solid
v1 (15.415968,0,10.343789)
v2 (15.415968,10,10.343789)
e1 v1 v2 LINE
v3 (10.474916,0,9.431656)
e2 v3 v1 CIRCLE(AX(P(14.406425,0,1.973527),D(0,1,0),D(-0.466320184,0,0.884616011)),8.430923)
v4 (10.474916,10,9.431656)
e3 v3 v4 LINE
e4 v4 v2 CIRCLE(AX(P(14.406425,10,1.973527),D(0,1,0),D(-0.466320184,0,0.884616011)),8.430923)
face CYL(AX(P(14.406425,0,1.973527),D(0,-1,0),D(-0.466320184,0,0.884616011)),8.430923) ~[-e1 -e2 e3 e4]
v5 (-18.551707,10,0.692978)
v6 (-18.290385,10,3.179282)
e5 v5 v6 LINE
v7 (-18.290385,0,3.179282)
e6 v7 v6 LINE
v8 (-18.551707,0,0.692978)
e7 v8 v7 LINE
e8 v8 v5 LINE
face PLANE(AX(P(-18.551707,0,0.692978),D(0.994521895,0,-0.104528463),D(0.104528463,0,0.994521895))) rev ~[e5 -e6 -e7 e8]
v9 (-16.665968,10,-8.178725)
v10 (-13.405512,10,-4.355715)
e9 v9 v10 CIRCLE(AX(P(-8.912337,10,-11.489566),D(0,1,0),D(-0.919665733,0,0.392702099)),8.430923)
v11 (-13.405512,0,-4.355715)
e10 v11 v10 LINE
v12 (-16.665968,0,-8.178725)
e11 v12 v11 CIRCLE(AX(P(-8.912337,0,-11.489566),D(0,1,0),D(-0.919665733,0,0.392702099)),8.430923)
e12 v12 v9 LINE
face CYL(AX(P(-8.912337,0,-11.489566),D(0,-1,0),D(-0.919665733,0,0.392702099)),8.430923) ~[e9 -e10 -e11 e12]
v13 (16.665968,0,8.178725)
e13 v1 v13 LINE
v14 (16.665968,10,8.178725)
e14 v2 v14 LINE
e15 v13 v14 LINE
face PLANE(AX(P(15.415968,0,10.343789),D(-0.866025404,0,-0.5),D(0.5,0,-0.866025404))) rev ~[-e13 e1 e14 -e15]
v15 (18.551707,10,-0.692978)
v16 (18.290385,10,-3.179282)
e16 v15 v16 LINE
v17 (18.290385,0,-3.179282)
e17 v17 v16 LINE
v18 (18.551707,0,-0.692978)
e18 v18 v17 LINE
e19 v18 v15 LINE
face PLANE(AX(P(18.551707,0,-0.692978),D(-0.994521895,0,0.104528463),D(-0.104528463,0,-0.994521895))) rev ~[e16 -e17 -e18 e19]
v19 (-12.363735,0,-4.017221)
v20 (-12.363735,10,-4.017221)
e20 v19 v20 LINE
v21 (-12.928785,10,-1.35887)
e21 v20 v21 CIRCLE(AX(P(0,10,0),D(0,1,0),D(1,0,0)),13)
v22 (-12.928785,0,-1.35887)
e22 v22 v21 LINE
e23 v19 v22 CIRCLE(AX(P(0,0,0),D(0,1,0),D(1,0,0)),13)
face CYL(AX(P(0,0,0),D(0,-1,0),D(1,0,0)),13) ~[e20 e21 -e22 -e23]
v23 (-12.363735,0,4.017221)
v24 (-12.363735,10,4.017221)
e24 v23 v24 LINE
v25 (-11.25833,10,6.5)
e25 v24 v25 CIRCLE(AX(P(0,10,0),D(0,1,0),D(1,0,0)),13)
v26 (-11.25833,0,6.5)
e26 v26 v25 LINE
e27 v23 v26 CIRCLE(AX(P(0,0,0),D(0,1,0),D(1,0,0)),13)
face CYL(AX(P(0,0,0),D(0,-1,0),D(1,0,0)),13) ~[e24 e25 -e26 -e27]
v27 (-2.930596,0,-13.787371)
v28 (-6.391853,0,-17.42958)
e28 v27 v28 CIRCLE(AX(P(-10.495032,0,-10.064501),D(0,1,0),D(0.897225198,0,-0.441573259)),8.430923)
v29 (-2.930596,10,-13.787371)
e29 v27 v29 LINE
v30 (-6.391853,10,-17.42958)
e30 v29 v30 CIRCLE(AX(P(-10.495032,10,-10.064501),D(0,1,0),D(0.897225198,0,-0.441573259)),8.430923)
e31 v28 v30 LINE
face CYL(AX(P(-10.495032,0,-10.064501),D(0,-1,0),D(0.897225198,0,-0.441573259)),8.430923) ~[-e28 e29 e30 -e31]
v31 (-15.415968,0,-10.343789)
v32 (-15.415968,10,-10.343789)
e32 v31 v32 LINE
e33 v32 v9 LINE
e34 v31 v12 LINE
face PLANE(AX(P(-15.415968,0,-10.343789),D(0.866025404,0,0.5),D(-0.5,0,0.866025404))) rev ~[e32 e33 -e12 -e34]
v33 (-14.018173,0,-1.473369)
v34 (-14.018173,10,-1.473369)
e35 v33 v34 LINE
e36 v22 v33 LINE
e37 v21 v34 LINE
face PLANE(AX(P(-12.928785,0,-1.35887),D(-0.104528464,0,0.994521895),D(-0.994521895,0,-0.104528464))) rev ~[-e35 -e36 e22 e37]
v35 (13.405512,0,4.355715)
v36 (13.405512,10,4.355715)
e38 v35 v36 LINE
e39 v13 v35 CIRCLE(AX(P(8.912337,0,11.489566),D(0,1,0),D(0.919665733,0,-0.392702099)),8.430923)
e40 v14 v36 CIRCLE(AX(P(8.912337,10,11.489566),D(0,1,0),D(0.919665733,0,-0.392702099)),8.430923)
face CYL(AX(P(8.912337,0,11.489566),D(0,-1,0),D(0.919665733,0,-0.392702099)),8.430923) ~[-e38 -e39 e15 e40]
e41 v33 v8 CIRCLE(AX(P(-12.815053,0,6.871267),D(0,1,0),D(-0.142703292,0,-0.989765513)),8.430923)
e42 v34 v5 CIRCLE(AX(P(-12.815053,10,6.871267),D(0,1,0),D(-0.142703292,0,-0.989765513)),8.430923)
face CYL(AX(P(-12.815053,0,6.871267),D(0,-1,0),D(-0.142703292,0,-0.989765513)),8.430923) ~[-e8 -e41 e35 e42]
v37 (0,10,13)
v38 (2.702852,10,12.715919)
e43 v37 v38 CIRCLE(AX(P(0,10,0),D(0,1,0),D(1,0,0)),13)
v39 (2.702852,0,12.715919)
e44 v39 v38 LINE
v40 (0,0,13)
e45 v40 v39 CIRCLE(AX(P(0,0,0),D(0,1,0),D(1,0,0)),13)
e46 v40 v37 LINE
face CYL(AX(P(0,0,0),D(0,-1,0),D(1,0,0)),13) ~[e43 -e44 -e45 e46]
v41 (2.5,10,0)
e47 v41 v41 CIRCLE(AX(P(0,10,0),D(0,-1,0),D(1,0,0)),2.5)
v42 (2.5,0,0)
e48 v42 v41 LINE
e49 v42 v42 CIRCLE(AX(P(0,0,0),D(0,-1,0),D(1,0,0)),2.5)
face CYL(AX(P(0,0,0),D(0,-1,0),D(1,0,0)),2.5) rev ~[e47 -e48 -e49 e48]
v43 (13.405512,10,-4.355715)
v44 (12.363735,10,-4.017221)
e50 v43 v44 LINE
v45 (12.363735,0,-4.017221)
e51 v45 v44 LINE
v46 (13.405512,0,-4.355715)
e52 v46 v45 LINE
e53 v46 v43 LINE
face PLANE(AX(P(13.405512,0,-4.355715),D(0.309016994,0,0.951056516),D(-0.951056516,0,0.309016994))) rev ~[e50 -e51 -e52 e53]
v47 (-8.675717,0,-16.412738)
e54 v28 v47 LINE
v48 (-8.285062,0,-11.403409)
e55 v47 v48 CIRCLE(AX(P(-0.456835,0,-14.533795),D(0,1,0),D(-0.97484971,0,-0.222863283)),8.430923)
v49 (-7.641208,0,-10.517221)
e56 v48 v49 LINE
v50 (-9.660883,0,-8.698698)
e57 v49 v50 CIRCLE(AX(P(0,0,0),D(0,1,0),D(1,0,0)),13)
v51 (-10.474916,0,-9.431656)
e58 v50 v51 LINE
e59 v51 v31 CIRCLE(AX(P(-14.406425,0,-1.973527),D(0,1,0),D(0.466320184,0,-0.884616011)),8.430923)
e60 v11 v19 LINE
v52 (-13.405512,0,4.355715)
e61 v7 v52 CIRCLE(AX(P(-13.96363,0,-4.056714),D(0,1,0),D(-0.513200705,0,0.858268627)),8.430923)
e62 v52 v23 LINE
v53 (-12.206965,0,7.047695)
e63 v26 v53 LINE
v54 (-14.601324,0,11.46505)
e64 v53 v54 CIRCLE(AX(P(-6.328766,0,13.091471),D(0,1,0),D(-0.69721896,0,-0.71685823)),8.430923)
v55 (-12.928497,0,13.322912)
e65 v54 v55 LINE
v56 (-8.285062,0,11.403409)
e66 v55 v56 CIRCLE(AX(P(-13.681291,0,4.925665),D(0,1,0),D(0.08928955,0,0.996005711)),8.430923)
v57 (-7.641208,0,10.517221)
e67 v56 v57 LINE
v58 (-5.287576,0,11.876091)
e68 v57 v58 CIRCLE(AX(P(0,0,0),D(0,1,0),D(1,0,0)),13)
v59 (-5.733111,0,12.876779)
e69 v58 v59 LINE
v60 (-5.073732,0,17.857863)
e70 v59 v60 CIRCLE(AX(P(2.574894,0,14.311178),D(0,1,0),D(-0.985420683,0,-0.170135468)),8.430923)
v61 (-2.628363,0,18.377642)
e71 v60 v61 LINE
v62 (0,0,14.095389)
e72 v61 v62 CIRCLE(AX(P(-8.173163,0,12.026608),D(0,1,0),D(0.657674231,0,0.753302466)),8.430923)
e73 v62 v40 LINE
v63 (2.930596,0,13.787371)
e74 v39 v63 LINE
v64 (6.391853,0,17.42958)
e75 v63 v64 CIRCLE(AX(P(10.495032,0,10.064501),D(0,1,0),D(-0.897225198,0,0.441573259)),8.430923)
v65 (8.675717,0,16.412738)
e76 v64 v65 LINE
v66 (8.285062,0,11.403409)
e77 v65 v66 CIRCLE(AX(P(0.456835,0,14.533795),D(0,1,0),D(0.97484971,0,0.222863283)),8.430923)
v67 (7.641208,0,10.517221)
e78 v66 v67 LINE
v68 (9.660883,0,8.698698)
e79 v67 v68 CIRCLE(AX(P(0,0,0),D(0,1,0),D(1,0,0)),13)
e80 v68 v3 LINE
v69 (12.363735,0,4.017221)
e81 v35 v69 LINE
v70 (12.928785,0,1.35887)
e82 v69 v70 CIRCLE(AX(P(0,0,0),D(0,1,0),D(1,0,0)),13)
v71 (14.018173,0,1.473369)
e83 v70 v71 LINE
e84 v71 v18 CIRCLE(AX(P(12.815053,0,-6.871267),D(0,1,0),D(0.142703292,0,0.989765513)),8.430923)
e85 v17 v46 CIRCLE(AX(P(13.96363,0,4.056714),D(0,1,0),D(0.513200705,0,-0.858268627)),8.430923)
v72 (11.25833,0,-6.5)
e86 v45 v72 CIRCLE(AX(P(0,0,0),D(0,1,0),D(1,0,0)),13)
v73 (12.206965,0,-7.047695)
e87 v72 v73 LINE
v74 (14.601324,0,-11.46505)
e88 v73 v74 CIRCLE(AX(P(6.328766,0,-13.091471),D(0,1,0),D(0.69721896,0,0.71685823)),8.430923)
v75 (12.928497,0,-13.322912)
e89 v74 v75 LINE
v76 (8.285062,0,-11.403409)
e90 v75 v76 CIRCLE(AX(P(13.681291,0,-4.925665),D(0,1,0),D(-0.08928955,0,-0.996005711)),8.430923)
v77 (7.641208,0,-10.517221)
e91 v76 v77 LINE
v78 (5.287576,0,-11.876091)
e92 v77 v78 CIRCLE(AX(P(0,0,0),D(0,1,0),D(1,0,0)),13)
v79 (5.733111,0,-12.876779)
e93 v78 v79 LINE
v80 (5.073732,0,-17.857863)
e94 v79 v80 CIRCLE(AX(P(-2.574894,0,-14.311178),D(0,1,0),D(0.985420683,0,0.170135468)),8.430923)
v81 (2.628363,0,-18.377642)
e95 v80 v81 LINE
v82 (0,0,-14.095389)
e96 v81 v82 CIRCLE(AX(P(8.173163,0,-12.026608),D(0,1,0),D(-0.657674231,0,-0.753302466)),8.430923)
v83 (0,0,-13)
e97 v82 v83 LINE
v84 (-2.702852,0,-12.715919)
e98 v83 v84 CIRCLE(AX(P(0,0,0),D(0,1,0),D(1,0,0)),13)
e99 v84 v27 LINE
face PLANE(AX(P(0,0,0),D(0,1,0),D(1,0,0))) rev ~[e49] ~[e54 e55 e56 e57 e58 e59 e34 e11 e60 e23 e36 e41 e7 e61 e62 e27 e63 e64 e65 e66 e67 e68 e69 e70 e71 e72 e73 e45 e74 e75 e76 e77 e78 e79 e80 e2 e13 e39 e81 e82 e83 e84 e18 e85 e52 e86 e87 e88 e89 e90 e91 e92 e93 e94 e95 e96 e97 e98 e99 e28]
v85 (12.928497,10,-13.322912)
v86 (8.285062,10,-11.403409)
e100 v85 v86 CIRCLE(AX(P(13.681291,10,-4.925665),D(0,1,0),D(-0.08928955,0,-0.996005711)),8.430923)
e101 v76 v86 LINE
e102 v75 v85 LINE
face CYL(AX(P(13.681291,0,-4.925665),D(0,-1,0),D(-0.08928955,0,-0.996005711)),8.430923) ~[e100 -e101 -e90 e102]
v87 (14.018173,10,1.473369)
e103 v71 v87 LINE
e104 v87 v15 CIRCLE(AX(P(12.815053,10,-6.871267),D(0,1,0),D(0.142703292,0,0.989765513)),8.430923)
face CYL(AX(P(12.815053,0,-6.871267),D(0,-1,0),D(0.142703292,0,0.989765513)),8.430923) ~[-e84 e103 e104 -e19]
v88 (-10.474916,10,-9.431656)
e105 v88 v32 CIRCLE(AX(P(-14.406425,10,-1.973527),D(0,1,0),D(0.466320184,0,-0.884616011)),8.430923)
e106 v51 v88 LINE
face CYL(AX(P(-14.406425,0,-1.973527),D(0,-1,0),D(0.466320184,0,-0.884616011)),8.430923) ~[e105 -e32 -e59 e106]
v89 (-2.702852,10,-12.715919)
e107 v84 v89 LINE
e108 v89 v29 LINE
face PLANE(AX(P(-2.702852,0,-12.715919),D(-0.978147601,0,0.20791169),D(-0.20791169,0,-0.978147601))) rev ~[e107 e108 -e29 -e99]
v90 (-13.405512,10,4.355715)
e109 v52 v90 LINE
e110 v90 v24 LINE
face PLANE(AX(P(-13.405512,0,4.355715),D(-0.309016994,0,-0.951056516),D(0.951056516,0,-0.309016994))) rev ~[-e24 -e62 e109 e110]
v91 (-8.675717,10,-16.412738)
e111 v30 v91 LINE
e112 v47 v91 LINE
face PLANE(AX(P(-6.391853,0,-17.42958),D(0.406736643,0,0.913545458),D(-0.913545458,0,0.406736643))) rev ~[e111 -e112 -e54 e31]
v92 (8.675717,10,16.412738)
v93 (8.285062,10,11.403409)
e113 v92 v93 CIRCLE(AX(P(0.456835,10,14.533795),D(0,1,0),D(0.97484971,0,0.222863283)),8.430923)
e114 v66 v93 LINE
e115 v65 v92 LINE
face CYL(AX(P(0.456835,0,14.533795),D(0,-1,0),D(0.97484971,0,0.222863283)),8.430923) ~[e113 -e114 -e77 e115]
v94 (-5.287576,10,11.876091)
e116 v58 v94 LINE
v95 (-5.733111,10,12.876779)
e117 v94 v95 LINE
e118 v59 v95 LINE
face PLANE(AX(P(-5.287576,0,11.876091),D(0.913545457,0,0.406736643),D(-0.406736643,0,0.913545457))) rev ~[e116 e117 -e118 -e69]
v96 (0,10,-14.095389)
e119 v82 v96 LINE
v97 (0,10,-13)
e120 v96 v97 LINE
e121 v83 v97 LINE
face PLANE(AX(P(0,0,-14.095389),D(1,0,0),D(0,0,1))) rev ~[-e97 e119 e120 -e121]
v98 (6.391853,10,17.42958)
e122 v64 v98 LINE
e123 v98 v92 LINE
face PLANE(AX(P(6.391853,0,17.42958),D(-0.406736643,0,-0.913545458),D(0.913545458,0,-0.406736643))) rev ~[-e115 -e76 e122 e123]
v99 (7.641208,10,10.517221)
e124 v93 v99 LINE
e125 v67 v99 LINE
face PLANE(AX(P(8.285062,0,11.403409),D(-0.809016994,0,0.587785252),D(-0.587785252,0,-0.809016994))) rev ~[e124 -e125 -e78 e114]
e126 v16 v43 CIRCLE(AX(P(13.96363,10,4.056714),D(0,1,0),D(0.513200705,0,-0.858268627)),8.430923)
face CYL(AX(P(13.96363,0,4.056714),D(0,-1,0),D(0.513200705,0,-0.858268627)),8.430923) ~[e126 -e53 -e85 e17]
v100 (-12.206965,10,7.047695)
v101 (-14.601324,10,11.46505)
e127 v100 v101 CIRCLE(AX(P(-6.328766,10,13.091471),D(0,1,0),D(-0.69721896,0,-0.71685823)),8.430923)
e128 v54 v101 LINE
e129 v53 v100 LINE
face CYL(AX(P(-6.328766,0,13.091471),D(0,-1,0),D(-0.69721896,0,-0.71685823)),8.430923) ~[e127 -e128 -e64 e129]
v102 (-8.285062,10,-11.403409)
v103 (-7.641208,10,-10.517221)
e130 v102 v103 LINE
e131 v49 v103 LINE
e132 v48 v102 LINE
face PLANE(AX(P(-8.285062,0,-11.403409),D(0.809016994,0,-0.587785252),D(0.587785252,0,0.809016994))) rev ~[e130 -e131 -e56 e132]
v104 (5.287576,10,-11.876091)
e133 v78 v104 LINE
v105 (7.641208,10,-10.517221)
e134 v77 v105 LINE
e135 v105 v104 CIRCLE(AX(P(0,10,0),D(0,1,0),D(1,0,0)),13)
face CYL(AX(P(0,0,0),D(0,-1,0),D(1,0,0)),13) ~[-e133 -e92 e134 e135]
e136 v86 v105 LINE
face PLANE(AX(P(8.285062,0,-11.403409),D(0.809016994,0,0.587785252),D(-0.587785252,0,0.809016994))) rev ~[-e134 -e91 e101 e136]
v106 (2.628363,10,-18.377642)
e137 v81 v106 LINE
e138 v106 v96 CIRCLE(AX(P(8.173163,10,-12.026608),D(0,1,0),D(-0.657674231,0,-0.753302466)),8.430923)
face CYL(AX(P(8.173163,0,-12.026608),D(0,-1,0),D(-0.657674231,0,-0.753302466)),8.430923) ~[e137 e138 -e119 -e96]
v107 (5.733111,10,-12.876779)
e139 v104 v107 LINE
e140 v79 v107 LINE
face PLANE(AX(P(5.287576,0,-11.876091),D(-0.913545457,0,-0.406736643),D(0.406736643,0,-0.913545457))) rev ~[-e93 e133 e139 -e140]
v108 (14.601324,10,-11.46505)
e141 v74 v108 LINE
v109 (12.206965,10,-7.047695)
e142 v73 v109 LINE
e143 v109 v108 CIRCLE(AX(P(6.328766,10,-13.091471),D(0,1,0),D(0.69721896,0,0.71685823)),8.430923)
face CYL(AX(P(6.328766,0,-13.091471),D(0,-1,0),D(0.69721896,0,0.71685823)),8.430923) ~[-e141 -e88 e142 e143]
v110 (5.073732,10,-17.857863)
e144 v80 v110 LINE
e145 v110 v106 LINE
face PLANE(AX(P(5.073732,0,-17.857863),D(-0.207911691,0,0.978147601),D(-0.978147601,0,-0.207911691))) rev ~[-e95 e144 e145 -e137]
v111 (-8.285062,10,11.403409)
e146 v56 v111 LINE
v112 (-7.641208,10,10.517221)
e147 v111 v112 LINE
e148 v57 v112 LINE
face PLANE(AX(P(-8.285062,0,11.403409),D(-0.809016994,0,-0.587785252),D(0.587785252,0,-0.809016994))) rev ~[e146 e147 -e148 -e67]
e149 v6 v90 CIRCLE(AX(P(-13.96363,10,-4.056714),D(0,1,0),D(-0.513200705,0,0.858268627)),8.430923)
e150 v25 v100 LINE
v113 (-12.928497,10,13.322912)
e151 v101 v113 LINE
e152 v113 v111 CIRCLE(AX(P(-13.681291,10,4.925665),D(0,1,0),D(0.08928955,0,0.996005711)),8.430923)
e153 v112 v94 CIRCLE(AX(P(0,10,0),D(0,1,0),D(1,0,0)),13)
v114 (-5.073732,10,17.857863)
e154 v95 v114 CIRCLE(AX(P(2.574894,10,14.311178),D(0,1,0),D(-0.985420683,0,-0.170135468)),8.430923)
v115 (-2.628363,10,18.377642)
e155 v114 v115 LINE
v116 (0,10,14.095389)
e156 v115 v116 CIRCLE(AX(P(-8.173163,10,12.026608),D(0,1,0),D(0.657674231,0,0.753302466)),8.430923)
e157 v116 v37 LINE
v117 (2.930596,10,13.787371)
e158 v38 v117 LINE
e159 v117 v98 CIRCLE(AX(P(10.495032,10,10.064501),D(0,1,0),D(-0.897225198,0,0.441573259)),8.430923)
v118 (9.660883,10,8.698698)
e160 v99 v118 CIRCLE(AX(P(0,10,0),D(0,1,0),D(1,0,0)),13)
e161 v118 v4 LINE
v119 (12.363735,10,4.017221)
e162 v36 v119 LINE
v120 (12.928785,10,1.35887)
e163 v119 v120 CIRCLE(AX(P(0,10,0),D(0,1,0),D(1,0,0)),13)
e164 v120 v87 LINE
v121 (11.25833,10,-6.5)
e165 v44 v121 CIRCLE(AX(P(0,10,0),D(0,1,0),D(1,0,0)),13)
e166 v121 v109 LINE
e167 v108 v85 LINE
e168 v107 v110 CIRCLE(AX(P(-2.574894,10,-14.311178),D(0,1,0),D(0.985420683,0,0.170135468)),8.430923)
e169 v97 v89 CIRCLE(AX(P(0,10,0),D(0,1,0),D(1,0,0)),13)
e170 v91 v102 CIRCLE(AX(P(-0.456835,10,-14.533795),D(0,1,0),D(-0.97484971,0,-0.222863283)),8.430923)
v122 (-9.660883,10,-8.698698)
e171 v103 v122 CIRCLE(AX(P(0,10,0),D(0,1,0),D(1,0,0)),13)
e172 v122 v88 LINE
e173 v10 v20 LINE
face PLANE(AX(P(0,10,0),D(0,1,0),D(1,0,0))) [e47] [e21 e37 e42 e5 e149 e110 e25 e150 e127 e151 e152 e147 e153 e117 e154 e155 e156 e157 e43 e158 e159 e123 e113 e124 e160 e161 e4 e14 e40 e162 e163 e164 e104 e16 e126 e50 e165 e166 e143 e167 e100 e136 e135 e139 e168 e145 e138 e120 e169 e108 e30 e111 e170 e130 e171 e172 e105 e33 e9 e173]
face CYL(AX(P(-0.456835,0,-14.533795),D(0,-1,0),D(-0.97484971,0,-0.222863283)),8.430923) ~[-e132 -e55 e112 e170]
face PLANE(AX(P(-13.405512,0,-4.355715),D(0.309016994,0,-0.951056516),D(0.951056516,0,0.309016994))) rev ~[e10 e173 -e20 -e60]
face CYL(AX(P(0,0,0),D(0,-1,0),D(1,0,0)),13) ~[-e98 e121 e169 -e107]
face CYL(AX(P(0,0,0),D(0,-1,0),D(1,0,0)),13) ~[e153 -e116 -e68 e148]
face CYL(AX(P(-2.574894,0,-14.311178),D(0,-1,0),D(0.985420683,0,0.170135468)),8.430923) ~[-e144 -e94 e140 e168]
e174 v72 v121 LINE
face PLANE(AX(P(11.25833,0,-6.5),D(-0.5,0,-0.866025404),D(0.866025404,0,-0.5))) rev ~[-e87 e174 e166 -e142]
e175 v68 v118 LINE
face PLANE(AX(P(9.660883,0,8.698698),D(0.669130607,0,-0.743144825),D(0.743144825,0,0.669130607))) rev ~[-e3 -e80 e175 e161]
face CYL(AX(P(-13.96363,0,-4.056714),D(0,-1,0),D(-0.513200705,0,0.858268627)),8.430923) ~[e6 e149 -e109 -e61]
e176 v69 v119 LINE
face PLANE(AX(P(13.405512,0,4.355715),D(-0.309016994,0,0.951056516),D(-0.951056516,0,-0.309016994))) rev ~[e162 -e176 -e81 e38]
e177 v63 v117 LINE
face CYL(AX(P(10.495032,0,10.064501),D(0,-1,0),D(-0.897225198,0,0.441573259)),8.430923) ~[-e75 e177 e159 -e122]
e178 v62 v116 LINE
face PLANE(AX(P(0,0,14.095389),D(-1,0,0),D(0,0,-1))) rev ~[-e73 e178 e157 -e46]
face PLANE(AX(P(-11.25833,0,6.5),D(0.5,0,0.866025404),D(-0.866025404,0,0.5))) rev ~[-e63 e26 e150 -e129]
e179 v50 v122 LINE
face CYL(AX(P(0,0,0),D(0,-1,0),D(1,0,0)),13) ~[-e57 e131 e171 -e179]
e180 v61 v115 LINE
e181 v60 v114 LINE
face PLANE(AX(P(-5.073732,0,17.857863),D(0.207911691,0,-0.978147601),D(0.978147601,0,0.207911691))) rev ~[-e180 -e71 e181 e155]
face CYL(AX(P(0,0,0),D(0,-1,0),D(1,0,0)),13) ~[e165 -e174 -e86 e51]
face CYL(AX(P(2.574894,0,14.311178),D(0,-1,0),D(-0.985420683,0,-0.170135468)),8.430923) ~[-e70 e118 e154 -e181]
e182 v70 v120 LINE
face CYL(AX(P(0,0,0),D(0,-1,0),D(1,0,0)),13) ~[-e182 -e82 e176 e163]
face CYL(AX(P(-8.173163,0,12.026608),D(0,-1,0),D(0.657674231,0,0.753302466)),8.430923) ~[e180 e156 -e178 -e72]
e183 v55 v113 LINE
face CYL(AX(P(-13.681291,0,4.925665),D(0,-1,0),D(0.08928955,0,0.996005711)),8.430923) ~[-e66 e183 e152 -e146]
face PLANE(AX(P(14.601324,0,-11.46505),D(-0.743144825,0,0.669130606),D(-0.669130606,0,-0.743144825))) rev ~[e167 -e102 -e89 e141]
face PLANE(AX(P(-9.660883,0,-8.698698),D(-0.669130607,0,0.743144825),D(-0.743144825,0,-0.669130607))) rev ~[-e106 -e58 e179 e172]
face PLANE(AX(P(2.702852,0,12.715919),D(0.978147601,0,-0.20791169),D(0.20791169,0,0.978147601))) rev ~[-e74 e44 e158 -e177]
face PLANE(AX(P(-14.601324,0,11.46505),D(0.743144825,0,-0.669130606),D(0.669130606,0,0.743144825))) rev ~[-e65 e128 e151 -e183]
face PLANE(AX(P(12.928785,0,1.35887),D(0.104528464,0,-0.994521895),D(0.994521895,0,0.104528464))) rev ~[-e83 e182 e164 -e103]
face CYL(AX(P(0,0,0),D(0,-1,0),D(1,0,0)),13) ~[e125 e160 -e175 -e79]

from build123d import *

# Parameters (mm, degrees)
BOSS_EXTRUDE2_DEPTH = 10
CIRPATTERN1_COUNT   = 10
SKETCH1_5_R         = 13
BOSS_EXTRUDE3_DEPTH = 10
SKETCH2_R           = 2.5
CUT_EXTRUDE1_DEPTH  = 28.962538453


with BuildPart() as part:
    # Sketch1 → Boss-Extrude2 (new body)
    with BuildSketch(Plane(origin=(0, 0, 0), x_dir=(1, 0, 0), z_dir=(0, 1, 0))):
        with BuildLine():
            ThreePointArc((2.628362747, 18.377642448), (0.987757529, 16.436868415), (0, 14.095389312))
            Line((0, 14.095389312), (0, 13))
            ThreePointArc((0, 13), (2.702851981, 12.71591881), (5.28757636, 11.876090949))
            Line((5.28757636, 11.876090949), (5.733111332, 12.876778879))
            ThreePointArc((5.733111332, 12.876778879), (5.783115278, 15.41758366), (5.073731749, 17.857863221))
            Line((5.073731749, 17.857863221), (2.628362747, 18.377642448))
        make_face()
    extrude(amount=BOSS_EXTRUDE2_DEPTH)


with BuildPart() as cirpattern1_1:
    # CirPattern1: pattern copy
    add(part.part.rotate(Axis((0, 10.5, 0), (0, -1, 0)), 1 * 360 / CIRPATTERN1_COUNT))


with BuildPart() as cirpattern1_2:
    # CirPattern1: pattern copy
    add(part.part.rotate(Axis((0, 10.5, 0), (0, -1, 0)), 2 * 360 / CIRPATTERN1_COUNT))


with BuildPart() as cirpattern1_3:
    # CirPattern1: pattern copy
    add(part.part.rotate(Axis((0, 10.5, 0), (0, -1, 0)), 3 * 360 / CIRPATTERN1_COUNT))


with BuildPart() as cirpattern1_4:
    # CirPattern1: pattern copy
    add(part.part.rotate(Axis((0, 10.5, 0), (0, -1, 0)), 4 * 360 / CIRPATTERN1_COUNT))


with BuildPart() as cirpattern1_5:
    # CirPattern1: pattern copy
    add(part.part.rotate(Axis((0, 10.5, 0), (0, -1, 0)), 5 * 360 / CIRPATTERN1_COUNT))


with BuildPart() as cirpattern1_6:
    # CirPattern1: pattern copy
    add(part.part.rotate(Axis((0, 10.5, 0), (0, -1, 0)), 6 * 360 / CIRPATTERN1_COUNT))


with BuildPart() as cirpattern1_7:
    # CirPattern1: pattern copy
    add(part.part.rotate(Axis((0, 10.5, 0), (0, -1, 0)), 7 * 360 / CIRPATTERN1_COUNT))


with BuildPart() as cirpattern1_8:
    # CirPattern1: pattern copy
    add(part.part.rotate(Axis((0, 10.5, 0), (0, -1, 0)), 8 * 360 / CIRPATTERN1_COUNT))


with BuildPart() as cirpattern1_9:
    # CirPattern1: pattern copy
    add(part.part.rotate(Axis((0, 10.5, 0), (0, -1, 0)), 9 * 360 / CIRPATTERN1_COUNT))


with BuildPart() as part_1:
    add(part.part)

    add(cirpattern1_1.part)  # Boss-Extrude3 merges CirPattern1_1

    add(cirpattern1_2.part)  # Boss-Extrude3 merges CirPattern1_2

    add(cirpattern1_3.part)  # Boss-Extrude3 merges CirPattern1_3

    add(cirpattern1_4.part)  # Boss-Extrude3 merges CirPattern1_4

    add(cirpattern1_5.part)  # Boss-Extrude3 merges CirPattern1_5

    add(cirpattern1_6.part)  # Boss-Extrude3 merges CirPattern1_6

    add(cirpattern1_7.part)  # Boss-Extrude3 merges CirPattern1_7

    add(cirpattern1_8.part)  # Boss-Extrude3 merges CirPattern1_8

    add(cirpattern1_9.part)  # Boss-Extrude3 merges CirPattern1_9
    # Sketch1<5> → Boss-Extrude3 (add)
    with BuildSketch(Plane(origin=(0, 0, 0), x_dir=(1, 0, 0), z_dir=(0, 1, 0))):
        Circle(SKETCH1_5_R)
    extrude(amount=BOSS_EXTRUDE3_DEPTH)

    # Sketch2 → Cut-Extrude1 (cut, through all)
    with BuildSketch(Plane.XZ):
        Circle(SKETCH2_R)
    extrude(amount=-CUT_EXTRUDE1_DEPTH, mode=Mode.SUBTRACT)


solid = part_1.part
